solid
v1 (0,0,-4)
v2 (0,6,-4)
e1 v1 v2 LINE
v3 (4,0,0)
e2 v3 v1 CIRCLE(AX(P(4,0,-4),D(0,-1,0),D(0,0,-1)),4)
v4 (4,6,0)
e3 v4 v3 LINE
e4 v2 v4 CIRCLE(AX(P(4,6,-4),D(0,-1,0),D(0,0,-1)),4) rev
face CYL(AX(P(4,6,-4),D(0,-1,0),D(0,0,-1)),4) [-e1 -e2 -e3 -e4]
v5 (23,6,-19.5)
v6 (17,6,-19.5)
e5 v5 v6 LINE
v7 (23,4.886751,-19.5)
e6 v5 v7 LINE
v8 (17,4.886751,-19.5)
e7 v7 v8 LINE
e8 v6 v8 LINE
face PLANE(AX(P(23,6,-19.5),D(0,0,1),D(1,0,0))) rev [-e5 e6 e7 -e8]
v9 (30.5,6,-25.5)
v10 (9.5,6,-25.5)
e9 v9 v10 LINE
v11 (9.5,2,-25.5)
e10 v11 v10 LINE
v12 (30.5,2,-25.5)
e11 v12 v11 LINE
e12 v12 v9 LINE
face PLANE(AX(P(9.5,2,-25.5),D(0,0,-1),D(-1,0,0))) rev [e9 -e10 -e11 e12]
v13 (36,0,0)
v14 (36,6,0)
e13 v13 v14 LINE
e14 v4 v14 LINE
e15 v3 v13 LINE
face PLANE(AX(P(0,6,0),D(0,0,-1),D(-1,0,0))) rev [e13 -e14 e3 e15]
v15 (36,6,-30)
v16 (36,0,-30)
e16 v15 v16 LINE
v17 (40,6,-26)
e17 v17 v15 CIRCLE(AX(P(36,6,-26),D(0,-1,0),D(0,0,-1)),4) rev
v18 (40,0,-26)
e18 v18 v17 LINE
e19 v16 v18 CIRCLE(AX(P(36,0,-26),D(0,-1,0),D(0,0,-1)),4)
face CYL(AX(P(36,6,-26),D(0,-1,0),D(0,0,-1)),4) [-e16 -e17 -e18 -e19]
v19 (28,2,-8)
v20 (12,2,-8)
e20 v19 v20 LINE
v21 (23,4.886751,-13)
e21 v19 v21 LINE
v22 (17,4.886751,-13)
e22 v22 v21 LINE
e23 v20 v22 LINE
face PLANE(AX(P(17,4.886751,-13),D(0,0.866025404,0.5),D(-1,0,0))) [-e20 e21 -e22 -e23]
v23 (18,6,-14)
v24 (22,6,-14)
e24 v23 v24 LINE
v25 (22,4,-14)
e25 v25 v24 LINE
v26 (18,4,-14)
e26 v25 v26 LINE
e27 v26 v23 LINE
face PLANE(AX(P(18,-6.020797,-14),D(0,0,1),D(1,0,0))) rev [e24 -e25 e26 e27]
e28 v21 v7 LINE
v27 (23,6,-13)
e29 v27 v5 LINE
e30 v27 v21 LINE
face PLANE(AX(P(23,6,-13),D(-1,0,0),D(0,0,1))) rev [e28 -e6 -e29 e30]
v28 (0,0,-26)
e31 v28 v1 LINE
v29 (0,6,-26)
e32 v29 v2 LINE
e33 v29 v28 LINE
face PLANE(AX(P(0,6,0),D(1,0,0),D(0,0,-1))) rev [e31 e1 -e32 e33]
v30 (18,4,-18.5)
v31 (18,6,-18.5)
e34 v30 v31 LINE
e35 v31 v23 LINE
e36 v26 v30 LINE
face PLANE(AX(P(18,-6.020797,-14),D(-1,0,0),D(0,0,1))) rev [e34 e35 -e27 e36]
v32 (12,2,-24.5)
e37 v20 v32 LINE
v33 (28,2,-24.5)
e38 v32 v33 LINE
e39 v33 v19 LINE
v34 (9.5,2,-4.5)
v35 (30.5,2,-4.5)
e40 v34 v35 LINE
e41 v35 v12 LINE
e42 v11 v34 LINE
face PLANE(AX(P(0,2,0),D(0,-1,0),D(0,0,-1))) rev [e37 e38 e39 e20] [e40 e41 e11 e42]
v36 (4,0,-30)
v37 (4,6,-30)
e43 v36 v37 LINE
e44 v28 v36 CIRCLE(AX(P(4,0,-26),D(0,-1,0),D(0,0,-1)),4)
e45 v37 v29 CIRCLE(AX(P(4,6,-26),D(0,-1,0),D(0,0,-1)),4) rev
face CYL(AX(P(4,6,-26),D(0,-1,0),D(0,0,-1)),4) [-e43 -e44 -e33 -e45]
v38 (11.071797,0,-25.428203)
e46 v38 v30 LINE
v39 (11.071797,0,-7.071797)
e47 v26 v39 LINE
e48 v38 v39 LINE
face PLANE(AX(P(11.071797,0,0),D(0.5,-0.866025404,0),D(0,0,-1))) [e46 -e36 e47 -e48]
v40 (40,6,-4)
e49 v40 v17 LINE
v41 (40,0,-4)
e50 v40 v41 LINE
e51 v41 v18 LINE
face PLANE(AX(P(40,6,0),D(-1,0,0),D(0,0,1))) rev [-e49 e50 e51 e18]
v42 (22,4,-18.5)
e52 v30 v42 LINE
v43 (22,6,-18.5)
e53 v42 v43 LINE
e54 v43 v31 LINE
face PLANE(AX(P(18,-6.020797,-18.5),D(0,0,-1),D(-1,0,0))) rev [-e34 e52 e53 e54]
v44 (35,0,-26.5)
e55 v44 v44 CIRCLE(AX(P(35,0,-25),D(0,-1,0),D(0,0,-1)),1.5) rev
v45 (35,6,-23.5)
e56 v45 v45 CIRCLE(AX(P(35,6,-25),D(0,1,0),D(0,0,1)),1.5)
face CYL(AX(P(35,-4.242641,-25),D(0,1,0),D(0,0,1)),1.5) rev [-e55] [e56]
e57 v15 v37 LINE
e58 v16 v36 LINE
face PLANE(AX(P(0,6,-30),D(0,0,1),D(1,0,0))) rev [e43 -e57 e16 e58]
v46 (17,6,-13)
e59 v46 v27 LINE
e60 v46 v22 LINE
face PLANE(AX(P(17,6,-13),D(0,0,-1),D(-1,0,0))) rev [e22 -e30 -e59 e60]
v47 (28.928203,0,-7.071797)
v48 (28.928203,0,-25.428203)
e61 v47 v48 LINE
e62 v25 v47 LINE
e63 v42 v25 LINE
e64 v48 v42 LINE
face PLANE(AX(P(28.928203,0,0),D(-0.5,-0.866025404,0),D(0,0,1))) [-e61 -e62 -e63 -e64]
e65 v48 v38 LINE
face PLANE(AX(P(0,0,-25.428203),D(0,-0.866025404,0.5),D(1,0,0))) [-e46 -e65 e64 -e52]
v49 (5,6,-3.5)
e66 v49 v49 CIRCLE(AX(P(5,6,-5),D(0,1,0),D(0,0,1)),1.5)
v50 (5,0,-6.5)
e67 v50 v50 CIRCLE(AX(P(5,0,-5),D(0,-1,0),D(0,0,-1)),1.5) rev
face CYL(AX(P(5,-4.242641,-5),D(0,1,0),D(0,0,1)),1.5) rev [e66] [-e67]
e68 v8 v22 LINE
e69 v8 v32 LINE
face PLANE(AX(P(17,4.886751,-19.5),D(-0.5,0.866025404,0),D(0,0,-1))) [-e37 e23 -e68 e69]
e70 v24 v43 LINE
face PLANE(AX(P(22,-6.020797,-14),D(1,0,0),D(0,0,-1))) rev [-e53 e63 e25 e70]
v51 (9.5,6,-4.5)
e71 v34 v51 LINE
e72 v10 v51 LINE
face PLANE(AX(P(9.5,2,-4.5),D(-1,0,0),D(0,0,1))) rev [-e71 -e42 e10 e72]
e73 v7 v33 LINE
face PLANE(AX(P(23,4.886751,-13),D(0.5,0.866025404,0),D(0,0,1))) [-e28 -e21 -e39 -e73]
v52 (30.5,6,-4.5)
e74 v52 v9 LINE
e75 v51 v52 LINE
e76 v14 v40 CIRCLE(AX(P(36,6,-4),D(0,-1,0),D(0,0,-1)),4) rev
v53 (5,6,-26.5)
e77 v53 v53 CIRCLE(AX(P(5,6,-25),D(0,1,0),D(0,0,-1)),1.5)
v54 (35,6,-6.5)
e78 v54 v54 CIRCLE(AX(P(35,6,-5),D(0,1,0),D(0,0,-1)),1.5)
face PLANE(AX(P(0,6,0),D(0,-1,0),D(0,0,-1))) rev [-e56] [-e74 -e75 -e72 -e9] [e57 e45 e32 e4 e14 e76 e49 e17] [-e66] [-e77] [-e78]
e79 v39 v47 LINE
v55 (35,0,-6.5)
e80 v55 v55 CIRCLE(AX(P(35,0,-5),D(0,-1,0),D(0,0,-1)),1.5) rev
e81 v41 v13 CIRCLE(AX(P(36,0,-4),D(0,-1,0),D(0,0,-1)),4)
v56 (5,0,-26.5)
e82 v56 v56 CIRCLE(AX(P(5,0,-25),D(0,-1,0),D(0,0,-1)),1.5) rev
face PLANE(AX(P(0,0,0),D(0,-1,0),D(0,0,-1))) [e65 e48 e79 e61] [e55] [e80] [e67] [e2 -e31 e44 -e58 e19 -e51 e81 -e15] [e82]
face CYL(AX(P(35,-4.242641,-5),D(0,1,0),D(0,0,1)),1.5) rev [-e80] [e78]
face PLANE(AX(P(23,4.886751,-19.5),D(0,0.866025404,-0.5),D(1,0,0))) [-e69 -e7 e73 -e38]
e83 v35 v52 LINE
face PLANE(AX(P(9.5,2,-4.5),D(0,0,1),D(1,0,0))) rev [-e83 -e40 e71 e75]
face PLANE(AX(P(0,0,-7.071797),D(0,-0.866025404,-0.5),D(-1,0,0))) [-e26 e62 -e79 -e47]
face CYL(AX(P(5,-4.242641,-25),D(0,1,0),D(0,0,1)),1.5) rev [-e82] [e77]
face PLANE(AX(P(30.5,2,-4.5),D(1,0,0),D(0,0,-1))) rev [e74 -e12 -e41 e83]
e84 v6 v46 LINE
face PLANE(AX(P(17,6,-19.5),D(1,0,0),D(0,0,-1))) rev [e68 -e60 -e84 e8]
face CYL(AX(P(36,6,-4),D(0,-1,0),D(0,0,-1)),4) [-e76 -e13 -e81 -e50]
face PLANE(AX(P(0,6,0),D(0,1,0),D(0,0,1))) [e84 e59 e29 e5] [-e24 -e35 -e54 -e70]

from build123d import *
from OCP.BRepFilletAPI import BRepFilletAPI_MakeChamfer

# Parameters (mm, degrees)
SKETCH1_W           = 40
SKETCH1_H           = 30
BOSS_EXTRUDE1_DEPTH = 6
SKETCH2_R           = 1.5
CUT_EXTRUDE1_DEPTH  = 6
FILLET1_R           = 4
SKETCH3_W           = 21
SKETCH3_H           = 21
CUT_EXTRUDE2_DEPTH  = 4
SKETCH6_W           = 4
SKETCH6_H           = 4.5
CUT_EXTRUDE3_DEPTH  = 2
SKETCH7_W           = 6
SKETCH7_H           = 6.5
SKETCH7_W_2         = 4
SKETCH7_H_2         = 4.5
BOSS_EXTRUDE2_DEPTH = 4
CHAMFER1_SIZE       = 4
CHAMFER1_SIZE2      = 6.92820323
CHAMFER2_SIZE       = 5
CHAMFER2_SIZE2      = 2.886751346


with BuildPart() as part:
    # Sketch1 → Boss-Extrude1 (new body)
    with BuildSketch(Plane(origin=(0, 0, 0), x_dir=(1, 0, 0), z_dir=(0, 1, 0))):
        with Locations((20, 15)):
            Rectangle(SKETCH1_W, SKETCH1_H)
    extrude(amount=BOSS_EXTRUDE1_DEPTH)

    # Sketch2 → Cut-Extrude1 (cut)
    with BuildSketch(Plane(origin=(0, 6, 0), x_dir=(1, 0, 0), z_dir=(0, 1, 0))):
        with Locations(Location((5, 5, 0), (0, 0, 270))):
            Circle(SKETCH2_R)
        with Locations(Location((5, 25, 0), (0, 0, 90))):
            Circle(SKETCH2_R)
        with Locations(Location((35, 5, 0), (0, 0, 90))):
            Circle(SKETCH2_R)
        with Locations(Location((35, 25, 0), (0, 0, 270))):
            Circle(SKETCH2_R)
    extrude(amount=-CUT_EXTRUDE1_DEPTH, mode=Mode.SUBTRACT)

    # Fillet1
    fillet1_edges = [part.edges().sort_by_distance(p)[0] for p in [
        (0, 3, -30),
        (40, 3, -30),
        (40, 3, 0),
        (0, 3, 0),
    ]]
    fillet(fillet1_edges, radius=FILLET1_R)

    # Sketch3 → Cut-Extrude2 (cut)
    with BuildSketch(Plane(origin=(0, 6, 0), x_dir=(1, 0, 0), z_dir=(0, 1, 0))):
        with Locations((20, 15)):
            Rectangle(SKETCH3_W, SKETCH3_H)
    extrude(amount=-CUT_EXTRUDE2_DEPTH, mode=Mode.SUBTRACT)

    # Sketch6 → Cut-Extrude3 (cut)
    with BuildSketch(Plane(origin=(0, 2, 0), x_dir=(1, 0, 0), z_dir=(0, 1, 0))):
        with Locations((20, 16.25)):
            Rectangle(SKETCH6_W, SKETCH6_H)
    extrude(amount=-CUT_EXTRUDE3_DEPTH, mode=Mode.SUBTRACT)

    # Sketch7 → Boss-Extrude2 (add)
    with BuildSketch(Plane(origin=(0, 2, 0), x_dir=(1, 0, 0), z_dir=(0, 1, 0))):
        with Locations((20, 16.25)):
            Rectangle(SKETCH7_W, SKETCH7_H)
        with Locations((20, 16.25)):
            Rectangle(SKETCH7_W_2, SKETCH7_H_2, mode=Mode.SUBTRACT)
    extrude(amount=BOSS_EXTRUDE2_DEPTH)

    # Chamfer1: one chamfer whose edges measure the first distance from different faces: ONE call of the kernel's chamfer builder (chamfer() names one face for all edges)
    chamfer1_edges_1 = [part.edges().sort_by_distance(p)[0] for p in [
        (20, 0, -14),
    ]]
    chamfer1_side_1 = [part.faces().sort_by_distance(p)[0] for p in [
        (20, 3, -14),
    ]]
    chamfer1_edges_2 = [part.edges().sort_by_distance(p)[0] for p in [
        (22, 0, -16.25),
    ]]
    chamfer1_side_2 = [part.faces().sort_by_distance(p)[0] for p in [
        (22, 3, -16.25),
    ]]
    chamfer1_edges_3 = [part.edges().sort_by_distance(p)[0] for p in [
        (20, 0, -18.5),
    ]]
    chamfer1_side_3 = [part.faces().sort_by_distance(p)[0] for p in [
        (20, 3, -18.5),
    ]]
    chamfer1_edges_4 = [part.edges().sort_by_distance(p)[0] for p in [
        (18, 0, -16.25),
    ]]
    chamfer1_side_4 = [part.faces().sort_by_distance(p)[0] for p in [
        (18, 3, -16.25),
    ]]
    chamfer1 = BRepFilletAPI_MakeChamfer(part.part.solid().wrapped)
    for e in chamfer1_edges_1:
        chamfer1.Add(CHAMFER1_SIZE, CHAMFER1_SIZE2, e.wrapped, chamfer1_side_1[0].wrapped)  # the first distance lies on this face
    for e in chamfer1_edges_2:
        chamfer1.Add(CHAMFER1_SIZE, CHAMFER1_SIZE2, e.wrapped, chamfer1_side_2[0].wrapped)  # the first distance lies on this face
    for e in chamfer1_edges_3:
        chamfer1.Add(CHAMFER1_SIZE, CHAMFER1_SIZE2, e.wrapped, chamfer1_side_3[0].wrapped)  # the first distance lies on this face
    for e in chamfer1_edges_4:
        chamfer1.Add(CHAMFER1_SIZE, CHAMFER1_SIZE2, e.wrapped, chamfer1_side_4[0].wrapped)  # the first distance lies on this face
    add(Compound.cast(chamfer1.Shape()), mode=Mode.REPLACE)

    # Chamfer2
    chamfer2_edges = [part.edges().sort_by_distance(p)[0] for p in [
        (17, 2, -16.25),
        (20, 2, -13),
        (23, 2, -16.25),
        (20, 2, -19.5),
    ]]
    chamfer2_side = [part.faces().sort_by_distance(p)[0] for p in [
        (20, 2, -4.796984848),
    ]]
    chamfer(chamfer2_edges, length=CHAMFER2_SIZE, length2=CHAMFER2_SIZE2, reference=chamfer2_side[0])


solid = part.part
